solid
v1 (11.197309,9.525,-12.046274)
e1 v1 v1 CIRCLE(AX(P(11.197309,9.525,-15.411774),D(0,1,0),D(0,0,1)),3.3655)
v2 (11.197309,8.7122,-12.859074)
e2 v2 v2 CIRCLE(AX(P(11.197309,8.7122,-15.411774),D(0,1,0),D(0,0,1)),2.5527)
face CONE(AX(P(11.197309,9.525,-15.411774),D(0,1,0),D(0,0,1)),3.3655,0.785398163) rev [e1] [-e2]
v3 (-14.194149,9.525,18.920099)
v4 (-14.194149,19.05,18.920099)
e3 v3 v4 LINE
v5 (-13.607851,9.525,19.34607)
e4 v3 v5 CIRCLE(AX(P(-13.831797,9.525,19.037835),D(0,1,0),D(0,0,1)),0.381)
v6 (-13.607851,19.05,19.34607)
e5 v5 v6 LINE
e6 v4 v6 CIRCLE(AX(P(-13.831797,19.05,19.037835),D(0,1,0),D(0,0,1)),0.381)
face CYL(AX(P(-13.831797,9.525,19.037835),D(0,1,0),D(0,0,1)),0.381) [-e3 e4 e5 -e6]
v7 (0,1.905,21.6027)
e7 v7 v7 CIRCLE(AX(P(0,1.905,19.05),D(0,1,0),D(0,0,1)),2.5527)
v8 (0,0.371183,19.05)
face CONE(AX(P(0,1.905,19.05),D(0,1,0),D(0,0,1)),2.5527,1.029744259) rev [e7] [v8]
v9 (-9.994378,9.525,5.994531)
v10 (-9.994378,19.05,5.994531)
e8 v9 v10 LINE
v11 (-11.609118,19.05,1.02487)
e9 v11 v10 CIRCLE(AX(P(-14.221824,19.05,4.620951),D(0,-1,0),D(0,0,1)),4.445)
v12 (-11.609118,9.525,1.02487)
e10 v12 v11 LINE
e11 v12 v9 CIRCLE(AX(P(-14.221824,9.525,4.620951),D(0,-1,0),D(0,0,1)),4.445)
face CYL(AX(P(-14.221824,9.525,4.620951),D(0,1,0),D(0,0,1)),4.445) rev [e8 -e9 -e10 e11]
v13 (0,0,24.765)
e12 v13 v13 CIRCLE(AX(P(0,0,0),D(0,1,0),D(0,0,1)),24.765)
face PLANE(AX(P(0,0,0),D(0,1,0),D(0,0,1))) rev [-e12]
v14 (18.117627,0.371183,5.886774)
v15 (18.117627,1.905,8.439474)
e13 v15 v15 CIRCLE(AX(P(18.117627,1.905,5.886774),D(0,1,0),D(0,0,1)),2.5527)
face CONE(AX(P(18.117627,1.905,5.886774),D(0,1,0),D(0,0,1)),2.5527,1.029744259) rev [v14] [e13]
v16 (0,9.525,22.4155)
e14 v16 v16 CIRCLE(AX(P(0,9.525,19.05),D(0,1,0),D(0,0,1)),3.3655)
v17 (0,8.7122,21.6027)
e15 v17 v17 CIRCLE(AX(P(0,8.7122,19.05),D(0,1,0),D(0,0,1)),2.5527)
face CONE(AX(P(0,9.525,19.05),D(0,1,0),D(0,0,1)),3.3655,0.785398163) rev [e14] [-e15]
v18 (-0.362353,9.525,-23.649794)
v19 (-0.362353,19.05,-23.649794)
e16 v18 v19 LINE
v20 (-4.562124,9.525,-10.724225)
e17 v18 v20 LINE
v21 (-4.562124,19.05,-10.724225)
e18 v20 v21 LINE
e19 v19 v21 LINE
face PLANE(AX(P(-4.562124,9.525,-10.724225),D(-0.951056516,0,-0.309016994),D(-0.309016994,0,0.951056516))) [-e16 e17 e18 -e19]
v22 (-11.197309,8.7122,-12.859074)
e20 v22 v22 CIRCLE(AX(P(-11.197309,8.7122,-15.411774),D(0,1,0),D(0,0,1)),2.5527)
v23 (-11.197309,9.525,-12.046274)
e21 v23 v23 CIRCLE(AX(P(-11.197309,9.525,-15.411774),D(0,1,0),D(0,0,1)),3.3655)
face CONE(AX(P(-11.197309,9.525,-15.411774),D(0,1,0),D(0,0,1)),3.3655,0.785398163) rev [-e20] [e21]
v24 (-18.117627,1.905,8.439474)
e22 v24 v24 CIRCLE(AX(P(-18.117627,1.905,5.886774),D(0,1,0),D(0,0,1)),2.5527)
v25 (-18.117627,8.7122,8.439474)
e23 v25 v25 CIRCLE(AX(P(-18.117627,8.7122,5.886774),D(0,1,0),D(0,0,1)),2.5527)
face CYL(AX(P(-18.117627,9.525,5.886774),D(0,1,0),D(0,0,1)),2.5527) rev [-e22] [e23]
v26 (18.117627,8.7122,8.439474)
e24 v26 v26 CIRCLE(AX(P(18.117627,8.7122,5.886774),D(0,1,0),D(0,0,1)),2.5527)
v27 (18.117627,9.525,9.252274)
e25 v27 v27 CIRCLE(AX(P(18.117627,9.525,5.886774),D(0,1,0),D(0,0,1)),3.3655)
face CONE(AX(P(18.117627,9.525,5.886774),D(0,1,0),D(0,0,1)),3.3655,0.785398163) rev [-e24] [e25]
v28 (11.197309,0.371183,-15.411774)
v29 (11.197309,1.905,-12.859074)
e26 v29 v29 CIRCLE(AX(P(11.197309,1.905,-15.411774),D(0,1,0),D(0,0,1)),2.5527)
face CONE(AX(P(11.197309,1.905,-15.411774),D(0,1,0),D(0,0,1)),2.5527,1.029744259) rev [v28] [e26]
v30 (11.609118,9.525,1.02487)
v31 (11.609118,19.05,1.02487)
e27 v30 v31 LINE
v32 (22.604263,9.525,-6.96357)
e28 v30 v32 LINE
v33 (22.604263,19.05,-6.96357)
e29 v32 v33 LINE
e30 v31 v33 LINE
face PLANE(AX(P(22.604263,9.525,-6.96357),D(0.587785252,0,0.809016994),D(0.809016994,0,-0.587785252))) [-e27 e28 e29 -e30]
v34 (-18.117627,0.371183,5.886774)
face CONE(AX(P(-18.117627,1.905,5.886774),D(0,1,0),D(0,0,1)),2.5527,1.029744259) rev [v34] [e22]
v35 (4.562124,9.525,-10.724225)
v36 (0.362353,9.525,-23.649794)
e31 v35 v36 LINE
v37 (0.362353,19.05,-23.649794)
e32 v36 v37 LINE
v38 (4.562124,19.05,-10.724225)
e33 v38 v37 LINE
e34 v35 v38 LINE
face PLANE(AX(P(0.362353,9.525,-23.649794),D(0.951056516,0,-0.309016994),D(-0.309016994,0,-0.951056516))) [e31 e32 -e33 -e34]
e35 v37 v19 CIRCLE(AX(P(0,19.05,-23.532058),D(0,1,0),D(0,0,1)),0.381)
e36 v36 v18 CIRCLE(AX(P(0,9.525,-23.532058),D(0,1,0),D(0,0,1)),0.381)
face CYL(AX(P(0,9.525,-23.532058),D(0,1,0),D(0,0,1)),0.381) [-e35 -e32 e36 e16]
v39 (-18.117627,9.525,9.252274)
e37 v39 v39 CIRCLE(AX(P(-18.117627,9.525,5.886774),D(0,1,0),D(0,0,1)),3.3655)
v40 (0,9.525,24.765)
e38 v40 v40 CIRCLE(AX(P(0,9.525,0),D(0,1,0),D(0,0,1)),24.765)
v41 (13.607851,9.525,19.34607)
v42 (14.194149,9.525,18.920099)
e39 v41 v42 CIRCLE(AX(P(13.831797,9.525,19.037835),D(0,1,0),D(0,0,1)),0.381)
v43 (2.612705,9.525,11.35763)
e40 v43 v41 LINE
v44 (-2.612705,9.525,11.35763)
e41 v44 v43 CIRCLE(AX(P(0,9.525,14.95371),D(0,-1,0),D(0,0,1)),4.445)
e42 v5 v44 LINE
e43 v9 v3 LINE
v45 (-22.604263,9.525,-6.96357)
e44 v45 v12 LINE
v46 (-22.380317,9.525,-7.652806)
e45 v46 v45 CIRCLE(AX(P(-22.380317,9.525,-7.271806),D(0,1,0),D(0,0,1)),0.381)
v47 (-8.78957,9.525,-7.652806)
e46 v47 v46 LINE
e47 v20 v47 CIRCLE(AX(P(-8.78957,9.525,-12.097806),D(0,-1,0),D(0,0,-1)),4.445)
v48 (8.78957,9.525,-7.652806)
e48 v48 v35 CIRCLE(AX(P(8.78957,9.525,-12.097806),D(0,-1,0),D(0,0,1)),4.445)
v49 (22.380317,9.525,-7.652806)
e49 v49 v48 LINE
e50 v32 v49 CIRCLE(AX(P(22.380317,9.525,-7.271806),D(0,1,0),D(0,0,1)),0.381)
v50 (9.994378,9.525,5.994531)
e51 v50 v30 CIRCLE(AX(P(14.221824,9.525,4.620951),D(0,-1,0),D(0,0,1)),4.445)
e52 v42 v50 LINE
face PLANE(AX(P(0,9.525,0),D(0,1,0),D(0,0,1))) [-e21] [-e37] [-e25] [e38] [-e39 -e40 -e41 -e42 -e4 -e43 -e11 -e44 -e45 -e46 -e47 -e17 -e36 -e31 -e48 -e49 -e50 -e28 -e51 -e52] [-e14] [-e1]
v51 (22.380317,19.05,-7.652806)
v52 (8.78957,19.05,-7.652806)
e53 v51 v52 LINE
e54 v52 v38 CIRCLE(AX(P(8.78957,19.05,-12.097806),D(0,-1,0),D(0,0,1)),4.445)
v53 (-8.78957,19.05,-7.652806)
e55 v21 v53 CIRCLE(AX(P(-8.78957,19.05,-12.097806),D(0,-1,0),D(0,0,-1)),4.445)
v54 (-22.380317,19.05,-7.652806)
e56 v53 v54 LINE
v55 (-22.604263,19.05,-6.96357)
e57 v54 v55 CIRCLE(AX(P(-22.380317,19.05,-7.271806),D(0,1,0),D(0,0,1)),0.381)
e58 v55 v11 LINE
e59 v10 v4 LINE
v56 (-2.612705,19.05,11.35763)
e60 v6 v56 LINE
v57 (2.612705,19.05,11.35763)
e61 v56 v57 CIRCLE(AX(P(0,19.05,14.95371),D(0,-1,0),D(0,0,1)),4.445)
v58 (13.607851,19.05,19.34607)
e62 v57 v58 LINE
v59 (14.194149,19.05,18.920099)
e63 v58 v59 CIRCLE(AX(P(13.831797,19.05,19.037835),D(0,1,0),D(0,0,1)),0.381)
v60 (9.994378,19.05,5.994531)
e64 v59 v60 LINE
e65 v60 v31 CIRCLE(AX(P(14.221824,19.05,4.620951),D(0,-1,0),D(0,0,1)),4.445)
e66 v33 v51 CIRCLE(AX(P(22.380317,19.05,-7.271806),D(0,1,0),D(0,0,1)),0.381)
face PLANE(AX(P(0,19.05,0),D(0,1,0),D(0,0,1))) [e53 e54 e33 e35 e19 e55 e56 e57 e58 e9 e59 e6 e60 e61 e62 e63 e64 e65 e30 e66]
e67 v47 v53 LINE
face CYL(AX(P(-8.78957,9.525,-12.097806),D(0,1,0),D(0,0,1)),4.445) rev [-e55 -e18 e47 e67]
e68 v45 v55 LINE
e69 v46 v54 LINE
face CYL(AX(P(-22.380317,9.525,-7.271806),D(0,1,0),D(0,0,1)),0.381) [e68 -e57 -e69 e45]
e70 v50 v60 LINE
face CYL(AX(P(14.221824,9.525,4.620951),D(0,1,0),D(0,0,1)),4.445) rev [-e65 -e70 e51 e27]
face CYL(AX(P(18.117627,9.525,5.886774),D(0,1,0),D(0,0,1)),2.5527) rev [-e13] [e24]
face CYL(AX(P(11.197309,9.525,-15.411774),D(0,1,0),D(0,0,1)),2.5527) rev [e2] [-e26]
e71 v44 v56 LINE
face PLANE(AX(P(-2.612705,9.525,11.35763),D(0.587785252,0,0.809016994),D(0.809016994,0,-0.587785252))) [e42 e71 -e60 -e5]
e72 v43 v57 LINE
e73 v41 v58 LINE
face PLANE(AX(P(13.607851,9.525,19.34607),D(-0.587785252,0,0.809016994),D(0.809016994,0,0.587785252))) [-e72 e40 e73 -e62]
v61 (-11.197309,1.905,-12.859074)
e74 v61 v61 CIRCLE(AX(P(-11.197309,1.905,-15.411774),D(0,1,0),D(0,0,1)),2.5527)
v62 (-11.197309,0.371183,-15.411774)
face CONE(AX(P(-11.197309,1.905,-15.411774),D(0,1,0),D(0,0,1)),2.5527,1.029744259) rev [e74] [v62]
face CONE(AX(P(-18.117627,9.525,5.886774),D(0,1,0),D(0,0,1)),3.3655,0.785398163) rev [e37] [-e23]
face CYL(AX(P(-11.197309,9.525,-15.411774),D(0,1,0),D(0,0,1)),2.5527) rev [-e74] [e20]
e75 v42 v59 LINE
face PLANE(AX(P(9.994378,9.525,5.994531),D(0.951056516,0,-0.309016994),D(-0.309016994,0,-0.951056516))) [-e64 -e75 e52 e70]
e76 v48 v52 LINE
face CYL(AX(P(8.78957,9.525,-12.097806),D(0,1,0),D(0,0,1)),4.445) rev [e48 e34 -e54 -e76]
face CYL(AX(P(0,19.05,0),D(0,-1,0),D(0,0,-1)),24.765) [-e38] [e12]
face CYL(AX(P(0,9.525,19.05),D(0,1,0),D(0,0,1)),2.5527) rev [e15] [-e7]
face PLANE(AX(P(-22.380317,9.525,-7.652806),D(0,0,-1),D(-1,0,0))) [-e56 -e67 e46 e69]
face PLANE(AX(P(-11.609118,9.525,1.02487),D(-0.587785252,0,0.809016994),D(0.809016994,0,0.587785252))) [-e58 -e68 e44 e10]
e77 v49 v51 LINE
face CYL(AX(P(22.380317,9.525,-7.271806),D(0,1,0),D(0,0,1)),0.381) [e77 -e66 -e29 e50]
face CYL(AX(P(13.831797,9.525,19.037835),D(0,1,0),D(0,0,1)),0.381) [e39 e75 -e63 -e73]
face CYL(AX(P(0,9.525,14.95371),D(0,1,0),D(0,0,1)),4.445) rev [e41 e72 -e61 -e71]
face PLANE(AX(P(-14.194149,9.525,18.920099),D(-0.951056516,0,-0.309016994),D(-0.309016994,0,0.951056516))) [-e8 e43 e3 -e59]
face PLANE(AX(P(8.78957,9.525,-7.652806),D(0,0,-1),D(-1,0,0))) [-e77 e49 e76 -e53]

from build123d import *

# Parameters (mm, degrees)
SKETCH1_R                         = 24.765
BOSS_EXTRUDE1_DEPTH               = 19.05
SKETCH2_OUTSIDE_W                 = 66.048
SKETCH2_OUTSIDE_H                 = 66.048
CUT_EXTRUDE1_DEPTH                = 9.525
F_1_4_20_TAPPED_HOLE5_D           = 5.1054
F_1_4_20_TAPPED_HOLE5_DEPTH       = 7.62
F_1_4_20_TAPPED_HOLE5_CSINK_D     = 6.731
F_1_4_20_TAPPED_HOLE5_CSINK_ANGLE = 90
F_1_4_20_TAPPED_HOLE5_TIP         = 1.533816902


with BuildPart() as part:
    # Sketch1 → Boss-Extrude1 (new body)
    with BuildSketch(Plane(origin=(0, 0, 0), x_dir=(1, 0, 0), z_dir=(0, 1, 0))):
        Circle(SKETCH1_R)
    extrude(amount=BOSS_EXTRUDE1_DEPTH)

    # Sketch2 outside → Cut-Extrude1 (cut)
    with BuildSketch(Plane(origin=(0, 19.05, 0), x_dir=(1, 0, 0), z_dir=(0, 1, 0))):
        Rectangle(SKETCH2_OUTSIDE_W, SKETCH2_OUTSIDE_H)
        with BuildLine():
            Line((-14.19414924, -18.920099441), (-9.994377531, -5.994531191))
            ThreePointArc((-9.994377531, -5.994531191), (-9.994377531, -3.247370111), (-11.609118299, -1.024870111))
            Line((-11.609118299, -1.024870111), (-22.60426338, 6.963570391))
            ThreePointArc((-22.60426338, 6.963570391), (-22.742669731, 7.389541341), (-22.380317198, 7.652805866))
            Line((-22.380317198, 7.652805866), (-8.789570457, 7.652805866))
            ThreePointArc((-8.789570457, 7.652805866), (-6.176865011, 8.501725326), (-4.562124242, 10.724225326))
            Line((-4.562124242, 10.724225326), (-0.362352533, 23.649793575))
            ThreePointArc((-0.362352533, 23.649793575), (0, 23.913058101), (0.362352533, 23.649793575))
            Line((0.362352533, 23.649793575), (4.562124242, 10.724225326))
            ThreePointArc((4.562124242, 10.724225326), (6.176865011, 8.501725326), (8.789570457, 7.652805866))
            Line((8.789570457, 7.652805866), (22.380317198, 7.652805866))
            ThreePointArc((22.380317198, 7.652805866), (22.742669731, 7.389541341), (22.60426338, 6.963570391))
            Line((22.60426338, 6.963570391), (11.609118299, -1.024870111))
            ThreePointArc((11.609118299, -1.024870111), (9.994377531, -3.247370111), (9.994377531, -5.994531191))
            Line((9.994377531, -5.994531191), (14.19414924, -18.920099441))
            ThreePointArc((14.19414924, -18.920099441), (14.055742889, -19.346070391), (13.607850526, -19.346070391))
            Line((13.607850526, -19.346070391), (2.612705446, -11.357629889))
            ThreePointArc((2.612705446, -11.357629889), (0, -10.508710429), (-2.612705446, -11.357629889))
            Line((-2.612705446, -11.357629889), (-13.607850526, -19.346070391))
            ThreePointArc((-13.607850526, -19.346070391), (-14.055742889, -19.346070391), (-14.19414924, -18.920099441))
        make_face(mode=Mode.SUBTRACT)
    extrude(amount=-CUT_EXTRUDE1_DEPTH, mode=Mode.SUBTRACT)

    # 1/4-20 Tapped Hole5
    with Locations(Plane(origin=(0, 9.525, 0), x_dir=(1, 0, 0), z_dir=(0, 1, 0))):
        with Locations((-18.117626635, -5.886773743), (-11.197309056, 15.411773743), (11.197309056, 15.411773743), (18.117626635, -5.886773743), (0, -19.05)):
            CounterSinkHole(F_1_4_20_TAPPED_HOLE5_D / 2, F_1_4_20_TAPPED_HOLE5_CSINK_D / 2, depth=F_1_4_20_TAPPED_HOLE5_DEPTH, counter_sink_angle=F_1_4_20_TAPPED_HOLE5_CSINK_ANGLE)
            with Locations((0, 0, -(F_1_4_20_TAPPED_HOLE5_DEPTH + F_1_4_20_TAPPED_HOLE5_TIP / 2))):  # 118° drill point
                Cone(0, F_1_4_20_TAPPED_HOLE5_D / 2, F_1_4_20_TAPPED_HOLE5_TIP, mode=Mode.SUBTRACT)


solid = part.part
